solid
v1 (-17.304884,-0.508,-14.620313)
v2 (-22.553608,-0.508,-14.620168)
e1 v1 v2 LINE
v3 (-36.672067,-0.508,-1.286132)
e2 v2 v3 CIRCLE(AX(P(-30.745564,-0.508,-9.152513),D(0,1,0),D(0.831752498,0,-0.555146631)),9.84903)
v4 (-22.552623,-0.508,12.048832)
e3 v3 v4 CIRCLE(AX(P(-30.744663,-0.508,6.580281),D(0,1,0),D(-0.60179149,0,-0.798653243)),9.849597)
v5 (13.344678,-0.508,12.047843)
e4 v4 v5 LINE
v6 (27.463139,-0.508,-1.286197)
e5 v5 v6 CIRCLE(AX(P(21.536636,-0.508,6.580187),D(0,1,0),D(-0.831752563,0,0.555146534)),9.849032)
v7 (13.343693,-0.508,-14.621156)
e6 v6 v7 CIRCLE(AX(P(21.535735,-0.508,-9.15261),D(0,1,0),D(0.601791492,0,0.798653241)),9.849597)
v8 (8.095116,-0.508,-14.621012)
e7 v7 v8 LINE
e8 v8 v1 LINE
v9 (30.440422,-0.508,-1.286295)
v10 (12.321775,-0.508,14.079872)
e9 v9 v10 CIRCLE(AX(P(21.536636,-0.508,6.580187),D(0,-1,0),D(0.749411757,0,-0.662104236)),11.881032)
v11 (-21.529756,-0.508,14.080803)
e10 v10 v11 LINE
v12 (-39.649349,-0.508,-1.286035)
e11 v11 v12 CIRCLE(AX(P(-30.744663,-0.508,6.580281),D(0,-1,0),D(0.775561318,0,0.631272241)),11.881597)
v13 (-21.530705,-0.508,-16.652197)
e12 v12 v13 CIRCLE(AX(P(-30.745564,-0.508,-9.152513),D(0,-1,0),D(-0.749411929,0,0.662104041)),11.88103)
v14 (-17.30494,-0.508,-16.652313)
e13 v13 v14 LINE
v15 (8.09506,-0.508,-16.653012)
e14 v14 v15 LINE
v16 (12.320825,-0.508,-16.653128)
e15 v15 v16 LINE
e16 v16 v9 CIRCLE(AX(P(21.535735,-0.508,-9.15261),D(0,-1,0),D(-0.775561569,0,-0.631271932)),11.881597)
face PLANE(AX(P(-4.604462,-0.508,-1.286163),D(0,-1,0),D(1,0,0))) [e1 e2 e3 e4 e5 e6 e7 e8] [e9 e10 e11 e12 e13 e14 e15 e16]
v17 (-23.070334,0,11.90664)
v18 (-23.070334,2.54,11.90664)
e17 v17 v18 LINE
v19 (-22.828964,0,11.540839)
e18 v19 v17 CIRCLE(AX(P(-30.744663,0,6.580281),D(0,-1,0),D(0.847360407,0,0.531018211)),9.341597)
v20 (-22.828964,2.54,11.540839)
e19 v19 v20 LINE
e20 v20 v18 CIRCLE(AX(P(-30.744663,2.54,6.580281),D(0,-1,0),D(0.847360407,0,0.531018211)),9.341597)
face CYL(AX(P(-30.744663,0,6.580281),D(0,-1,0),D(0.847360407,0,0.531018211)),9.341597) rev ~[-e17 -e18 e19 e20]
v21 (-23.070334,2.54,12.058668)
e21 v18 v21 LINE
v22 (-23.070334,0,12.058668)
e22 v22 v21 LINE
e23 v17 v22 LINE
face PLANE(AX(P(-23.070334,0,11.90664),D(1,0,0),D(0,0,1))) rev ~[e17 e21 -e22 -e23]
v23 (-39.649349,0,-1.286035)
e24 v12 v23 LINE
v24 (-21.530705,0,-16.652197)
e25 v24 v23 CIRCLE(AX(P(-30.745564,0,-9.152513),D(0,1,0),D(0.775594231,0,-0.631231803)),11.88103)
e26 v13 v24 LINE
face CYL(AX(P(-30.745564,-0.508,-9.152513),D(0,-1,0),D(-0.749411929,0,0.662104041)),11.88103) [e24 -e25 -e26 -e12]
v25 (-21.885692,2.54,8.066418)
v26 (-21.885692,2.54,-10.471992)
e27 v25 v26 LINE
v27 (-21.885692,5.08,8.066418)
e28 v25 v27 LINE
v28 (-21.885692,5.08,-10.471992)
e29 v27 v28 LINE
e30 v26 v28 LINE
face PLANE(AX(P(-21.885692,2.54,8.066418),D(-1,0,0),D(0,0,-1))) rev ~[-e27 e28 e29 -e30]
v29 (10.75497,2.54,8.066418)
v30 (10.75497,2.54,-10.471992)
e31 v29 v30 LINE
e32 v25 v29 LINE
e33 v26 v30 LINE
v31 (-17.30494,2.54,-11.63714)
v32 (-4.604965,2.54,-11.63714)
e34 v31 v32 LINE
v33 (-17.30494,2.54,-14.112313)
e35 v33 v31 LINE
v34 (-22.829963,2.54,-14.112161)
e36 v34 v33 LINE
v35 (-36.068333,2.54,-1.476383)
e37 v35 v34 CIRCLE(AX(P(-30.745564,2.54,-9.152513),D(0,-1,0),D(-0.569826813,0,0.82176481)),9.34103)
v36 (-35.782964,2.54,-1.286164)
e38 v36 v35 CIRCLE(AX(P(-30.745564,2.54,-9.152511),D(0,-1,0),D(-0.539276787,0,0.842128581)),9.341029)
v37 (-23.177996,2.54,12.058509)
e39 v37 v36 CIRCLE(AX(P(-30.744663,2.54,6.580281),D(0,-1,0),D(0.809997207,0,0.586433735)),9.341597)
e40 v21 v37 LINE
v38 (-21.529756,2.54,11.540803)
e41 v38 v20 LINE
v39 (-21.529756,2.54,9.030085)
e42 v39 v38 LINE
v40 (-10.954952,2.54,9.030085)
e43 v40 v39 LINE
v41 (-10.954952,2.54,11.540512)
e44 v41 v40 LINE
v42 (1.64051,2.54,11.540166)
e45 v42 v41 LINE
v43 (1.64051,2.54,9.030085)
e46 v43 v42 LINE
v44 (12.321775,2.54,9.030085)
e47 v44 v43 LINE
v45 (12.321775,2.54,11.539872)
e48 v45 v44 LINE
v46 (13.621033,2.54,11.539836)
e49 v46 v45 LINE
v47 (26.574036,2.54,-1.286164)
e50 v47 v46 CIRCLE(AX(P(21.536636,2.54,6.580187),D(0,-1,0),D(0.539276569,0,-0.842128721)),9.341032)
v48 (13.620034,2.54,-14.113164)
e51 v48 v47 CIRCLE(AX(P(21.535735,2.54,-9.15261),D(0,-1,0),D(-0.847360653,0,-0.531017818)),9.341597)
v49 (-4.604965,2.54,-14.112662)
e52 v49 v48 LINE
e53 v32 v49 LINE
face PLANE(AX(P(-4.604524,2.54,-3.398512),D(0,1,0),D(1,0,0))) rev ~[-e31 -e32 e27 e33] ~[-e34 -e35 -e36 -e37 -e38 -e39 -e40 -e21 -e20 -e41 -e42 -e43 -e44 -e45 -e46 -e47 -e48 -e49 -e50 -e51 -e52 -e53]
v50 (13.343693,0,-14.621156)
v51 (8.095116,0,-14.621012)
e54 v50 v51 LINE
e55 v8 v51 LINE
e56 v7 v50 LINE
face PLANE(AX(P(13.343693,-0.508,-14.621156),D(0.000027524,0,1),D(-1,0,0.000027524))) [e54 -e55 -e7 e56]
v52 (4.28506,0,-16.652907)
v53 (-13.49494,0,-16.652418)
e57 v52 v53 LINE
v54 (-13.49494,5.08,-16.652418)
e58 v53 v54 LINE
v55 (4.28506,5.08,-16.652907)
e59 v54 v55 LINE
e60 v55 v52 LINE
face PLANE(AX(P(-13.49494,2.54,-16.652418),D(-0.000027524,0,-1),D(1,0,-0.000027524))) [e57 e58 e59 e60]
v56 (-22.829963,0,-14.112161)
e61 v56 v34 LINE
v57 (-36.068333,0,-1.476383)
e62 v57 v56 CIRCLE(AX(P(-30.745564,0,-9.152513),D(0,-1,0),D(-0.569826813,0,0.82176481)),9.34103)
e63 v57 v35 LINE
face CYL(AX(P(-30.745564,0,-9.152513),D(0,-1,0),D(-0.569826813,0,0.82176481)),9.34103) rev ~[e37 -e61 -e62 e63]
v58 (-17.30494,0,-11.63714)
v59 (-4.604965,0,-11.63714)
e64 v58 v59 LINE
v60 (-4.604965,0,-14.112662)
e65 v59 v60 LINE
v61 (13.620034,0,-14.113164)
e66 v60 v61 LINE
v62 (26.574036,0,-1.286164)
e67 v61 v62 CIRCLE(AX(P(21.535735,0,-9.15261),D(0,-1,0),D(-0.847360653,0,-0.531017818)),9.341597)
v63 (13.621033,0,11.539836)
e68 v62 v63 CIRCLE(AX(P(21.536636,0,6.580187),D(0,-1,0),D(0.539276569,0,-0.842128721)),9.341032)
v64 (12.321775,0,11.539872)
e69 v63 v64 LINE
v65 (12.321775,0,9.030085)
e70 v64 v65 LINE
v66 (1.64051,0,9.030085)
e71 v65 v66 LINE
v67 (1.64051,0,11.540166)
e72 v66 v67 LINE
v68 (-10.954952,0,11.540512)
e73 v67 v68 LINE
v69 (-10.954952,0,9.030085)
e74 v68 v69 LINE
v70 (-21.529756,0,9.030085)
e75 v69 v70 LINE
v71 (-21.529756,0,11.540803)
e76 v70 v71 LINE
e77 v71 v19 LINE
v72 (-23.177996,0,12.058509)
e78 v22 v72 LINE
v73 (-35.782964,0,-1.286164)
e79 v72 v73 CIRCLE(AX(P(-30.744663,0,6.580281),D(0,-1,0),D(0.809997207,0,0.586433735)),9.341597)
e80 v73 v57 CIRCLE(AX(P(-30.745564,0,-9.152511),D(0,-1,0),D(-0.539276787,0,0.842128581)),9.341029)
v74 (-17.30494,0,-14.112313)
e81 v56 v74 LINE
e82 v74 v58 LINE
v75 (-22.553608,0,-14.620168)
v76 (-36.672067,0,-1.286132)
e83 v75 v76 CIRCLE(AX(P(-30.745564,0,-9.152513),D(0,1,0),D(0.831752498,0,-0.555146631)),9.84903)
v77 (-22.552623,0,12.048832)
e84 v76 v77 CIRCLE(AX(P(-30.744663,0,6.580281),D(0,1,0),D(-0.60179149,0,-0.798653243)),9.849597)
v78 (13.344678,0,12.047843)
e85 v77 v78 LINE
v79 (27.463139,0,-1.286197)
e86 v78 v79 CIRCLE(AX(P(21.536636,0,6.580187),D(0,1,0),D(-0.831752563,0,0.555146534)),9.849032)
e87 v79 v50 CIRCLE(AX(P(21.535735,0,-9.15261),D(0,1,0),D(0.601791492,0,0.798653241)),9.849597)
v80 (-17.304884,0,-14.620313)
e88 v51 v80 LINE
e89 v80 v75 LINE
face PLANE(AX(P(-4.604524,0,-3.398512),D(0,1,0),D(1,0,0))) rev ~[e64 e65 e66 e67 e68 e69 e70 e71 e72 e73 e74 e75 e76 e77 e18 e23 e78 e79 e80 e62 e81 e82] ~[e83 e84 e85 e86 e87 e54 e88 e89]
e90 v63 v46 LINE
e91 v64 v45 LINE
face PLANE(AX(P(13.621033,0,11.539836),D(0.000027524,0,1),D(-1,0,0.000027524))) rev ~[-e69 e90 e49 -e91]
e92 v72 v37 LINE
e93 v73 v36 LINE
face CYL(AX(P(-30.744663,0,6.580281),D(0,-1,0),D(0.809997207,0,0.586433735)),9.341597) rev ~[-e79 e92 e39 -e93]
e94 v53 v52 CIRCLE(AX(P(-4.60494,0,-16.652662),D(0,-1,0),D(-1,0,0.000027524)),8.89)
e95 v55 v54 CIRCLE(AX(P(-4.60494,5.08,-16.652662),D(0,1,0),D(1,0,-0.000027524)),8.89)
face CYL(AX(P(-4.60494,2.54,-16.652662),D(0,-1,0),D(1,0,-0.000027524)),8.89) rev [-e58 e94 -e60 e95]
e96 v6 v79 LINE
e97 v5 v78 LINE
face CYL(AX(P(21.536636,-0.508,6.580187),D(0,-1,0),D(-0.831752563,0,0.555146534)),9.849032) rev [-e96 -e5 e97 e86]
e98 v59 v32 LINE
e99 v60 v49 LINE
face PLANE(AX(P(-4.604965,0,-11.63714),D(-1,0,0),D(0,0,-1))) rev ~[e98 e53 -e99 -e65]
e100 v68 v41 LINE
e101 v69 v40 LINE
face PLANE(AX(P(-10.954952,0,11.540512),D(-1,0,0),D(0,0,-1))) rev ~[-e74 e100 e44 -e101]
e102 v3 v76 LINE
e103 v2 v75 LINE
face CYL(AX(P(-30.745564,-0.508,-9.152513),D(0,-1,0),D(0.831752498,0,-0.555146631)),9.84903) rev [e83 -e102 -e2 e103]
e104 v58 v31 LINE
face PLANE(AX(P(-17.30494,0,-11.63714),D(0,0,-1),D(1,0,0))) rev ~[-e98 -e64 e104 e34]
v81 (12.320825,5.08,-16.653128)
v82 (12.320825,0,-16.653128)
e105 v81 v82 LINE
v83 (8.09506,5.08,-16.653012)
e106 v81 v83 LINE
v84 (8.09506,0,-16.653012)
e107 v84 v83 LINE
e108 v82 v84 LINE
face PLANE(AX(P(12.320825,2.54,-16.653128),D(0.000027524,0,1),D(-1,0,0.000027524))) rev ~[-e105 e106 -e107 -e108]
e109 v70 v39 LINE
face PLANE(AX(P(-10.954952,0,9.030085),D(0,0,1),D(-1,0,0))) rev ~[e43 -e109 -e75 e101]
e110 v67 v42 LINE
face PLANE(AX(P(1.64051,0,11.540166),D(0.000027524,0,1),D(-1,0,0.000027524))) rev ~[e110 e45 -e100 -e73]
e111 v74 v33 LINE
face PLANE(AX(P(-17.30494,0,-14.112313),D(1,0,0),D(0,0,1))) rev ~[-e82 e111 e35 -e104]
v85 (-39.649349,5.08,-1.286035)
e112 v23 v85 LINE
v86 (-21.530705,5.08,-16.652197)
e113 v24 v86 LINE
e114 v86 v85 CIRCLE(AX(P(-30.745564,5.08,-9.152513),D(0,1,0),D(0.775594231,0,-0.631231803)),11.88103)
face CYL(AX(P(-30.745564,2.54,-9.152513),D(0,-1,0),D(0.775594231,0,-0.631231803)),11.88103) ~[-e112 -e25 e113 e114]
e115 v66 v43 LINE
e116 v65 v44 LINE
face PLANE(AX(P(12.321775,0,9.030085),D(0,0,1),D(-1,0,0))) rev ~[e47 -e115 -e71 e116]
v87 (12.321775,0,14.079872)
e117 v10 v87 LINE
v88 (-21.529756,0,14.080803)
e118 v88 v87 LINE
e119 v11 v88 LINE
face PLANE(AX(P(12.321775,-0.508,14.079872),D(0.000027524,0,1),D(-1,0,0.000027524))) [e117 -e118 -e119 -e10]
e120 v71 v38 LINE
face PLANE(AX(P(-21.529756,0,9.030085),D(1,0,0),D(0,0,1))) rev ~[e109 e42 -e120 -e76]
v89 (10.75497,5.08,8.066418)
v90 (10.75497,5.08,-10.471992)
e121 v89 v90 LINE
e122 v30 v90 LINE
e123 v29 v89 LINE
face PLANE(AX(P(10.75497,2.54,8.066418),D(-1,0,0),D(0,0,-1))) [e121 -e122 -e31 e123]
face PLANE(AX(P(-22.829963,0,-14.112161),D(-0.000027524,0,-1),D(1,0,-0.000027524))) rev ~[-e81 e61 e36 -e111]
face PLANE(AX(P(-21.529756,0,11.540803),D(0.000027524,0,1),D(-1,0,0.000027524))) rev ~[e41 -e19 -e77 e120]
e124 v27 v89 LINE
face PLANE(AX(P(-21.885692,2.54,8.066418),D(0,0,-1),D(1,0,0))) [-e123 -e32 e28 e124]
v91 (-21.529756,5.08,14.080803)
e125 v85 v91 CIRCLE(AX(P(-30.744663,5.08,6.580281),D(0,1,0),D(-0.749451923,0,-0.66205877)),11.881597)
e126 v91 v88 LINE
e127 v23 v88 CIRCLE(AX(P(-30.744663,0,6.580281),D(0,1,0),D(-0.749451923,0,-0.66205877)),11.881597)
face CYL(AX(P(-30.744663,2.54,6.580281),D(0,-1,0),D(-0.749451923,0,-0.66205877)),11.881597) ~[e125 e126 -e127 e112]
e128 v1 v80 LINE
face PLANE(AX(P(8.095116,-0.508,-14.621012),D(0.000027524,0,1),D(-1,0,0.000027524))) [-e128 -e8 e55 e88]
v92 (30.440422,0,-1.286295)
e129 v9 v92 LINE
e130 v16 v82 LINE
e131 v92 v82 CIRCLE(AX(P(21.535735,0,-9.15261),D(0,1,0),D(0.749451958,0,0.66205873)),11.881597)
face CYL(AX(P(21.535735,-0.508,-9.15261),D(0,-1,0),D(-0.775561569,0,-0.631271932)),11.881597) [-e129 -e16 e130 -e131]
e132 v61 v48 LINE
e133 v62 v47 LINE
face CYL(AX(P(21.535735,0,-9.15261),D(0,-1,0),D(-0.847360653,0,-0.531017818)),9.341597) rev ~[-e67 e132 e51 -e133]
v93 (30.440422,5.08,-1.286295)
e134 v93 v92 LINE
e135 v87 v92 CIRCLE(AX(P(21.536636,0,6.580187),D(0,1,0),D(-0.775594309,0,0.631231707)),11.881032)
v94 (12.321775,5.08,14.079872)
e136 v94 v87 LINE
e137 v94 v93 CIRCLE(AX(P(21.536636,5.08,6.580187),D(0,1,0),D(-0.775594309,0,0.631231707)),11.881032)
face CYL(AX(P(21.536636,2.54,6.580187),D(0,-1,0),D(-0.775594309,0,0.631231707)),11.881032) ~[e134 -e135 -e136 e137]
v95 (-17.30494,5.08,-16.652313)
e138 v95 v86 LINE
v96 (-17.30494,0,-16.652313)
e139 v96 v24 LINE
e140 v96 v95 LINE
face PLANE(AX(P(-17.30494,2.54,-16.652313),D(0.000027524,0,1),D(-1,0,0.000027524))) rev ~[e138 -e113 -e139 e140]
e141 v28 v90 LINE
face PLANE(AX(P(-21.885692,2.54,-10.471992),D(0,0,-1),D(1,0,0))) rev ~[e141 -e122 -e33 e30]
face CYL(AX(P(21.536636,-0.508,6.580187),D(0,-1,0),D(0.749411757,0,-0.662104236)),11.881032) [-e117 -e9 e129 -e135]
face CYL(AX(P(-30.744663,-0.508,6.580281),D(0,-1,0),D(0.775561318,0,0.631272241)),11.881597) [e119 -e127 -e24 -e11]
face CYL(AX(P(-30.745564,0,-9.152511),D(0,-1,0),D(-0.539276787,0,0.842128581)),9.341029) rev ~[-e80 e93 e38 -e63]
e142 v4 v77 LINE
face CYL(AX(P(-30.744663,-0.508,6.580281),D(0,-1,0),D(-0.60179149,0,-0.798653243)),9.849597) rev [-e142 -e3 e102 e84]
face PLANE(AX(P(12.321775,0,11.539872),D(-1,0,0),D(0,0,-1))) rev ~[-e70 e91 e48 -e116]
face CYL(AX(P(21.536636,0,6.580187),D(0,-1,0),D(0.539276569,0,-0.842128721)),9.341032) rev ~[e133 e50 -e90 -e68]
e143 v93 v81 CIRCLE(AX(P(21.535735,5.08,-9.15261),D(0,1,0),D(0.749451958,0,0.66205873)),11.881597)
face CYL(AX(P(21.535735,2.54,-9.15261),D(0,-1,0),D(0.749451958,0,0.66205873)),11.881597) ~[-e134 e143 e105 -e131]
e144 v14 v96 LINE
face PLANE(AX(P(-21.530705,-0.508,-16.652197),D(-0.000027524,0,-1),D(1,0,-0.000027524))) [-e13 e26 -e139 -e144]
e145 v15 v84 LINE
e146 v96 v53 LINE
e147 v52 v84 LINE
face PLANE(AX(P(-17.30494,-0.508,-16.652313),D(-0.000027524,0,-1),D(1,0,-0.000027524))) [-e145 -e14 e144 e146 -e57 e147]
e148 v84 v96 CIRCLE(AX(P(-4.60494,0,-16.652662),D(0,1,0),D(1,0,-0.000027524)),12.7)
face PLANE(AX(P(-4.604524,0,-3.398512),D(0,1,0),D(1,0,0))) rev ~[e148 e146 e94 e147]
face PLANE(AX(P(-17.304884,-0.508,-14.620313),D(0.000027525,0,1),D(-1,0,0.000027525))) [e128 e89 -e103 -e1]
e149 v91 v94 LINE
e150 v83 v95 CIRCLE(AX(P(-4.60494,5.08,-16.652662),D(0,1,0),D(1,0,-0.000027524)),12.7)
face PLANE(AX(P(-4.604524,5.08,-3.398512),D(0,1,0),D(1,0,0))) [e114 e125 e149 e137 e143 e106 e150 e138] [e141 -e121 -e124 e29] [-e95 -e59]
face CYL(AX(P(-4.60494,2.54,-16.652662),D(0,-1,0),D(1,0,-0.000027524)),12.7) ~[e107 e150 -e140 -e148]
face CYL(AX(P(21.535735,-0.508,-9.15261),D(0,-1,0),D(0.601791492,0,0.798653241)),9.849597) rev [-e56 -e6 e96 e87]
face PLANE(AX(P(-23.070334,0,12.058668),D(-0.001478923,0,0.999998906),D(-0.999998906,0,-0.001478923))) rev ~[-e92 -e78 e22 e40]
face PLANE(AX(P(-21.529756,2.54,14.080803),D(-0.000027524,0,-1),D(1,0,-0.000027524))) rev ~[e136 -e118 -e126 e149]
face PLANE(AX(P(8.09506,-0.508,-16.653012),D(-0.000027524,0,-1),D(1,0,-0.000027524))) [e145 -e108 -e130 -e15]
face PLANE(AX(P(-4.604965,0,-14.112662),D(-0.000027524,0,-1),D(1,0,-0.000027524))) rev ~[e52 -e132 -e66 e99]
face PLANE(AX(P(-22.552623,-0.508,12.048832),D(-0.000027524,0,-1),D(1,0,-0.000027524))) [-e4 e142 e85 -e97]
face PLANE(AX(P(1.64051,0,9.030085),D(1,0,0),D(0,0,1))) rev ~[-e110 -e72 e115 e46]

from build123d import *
from build123d.topology import SkipClean

# Parameters (mm, degrees)
BOSS_EXTRUDE1_DEPTH = 2.54
SKETCH3_W           = 32.640662211
SKETCH3_H           = 18.538410016
BOSS_EXTRUDE3_DEPTH = 2.54
BOSS_EXTRUDE5_START = 0.508
BOSS_EXTRUDE5_DEPTH = 0.508


with BuildPart() as part:
    # Sketch1 → Boss-Extrude1 (new body)
    with BuildSketch(Plane(origin=(0, 0, 0), x_dir=(1, 0, 0), z_dir=(0, 1, 0))):
        with BuildLine():
            ThreePointArc((-39.649349134, 1.286034678), (-38.429647834, -15.641923347), (-21.52975616, -14.08080337))
            Line((-21.52975616, -14.08080337), (12.321775162, -14.079871626))
            ThreePointArc((12.321775162, -14.079871626), (29.221293553, -15.641366687), (30.440421584, 1.286294566))
            ThreePointArc((30.440421584, 1.286294566), (29.220717841, 18.214253603), (12.320825474, 16.653128255))
            Line((12.320825474, 16.653128255), (8.095060057, 16.653011943))
            ThreePointArc((8.095060057, 16.653011943), (-4.605289499, 29.352662378), (-17.304939934, 16.652312823))
            Line((-17.304939934, 16.652312823), (-21.530705351, 16.652196511))
            ThreePointArc((-21.530705351, 16.652196511), (-38.430218697, 18.213690635), (-39.649349134, 1.286034678))
        make_face()
        with BuildLine():
            Line((4.285060058, 16.652907075), (-13.494939935, 16.652417691))
            ThreePointArc((-13.494939935, 16.652417691), (-4.605184631, 25.54266238), (4.285060058, 16.652907075))
        make_face(mode=Mode.SUBTRACT)
        with BuildLine():
            Line((-4.604964725, 11.637139843), (-4.604964725, 14.112662381))
            Line((-4.604964725, 14.112662381), (13.620033749, 14.113164014))
            ThreePointArc((13.620033749, 14.113164014), (28.108622145, 15.790575731), (26.57403613, 1.28616435))
            ThreePointArc((26.57403613, 1.28616435), (28.109123124, -13.217754754), (13.6210332, -11.539835864))
            Line((13.6210332, -11.539835864), (12.321775162, -11.539871625))
            Line((12.321775162, -11.539871625), (12.321775162, -9.03008529))
            Line((12.321775162, -9.03008529), (1.640510114, -9.03008529))
            Line((1.640510114, -9.03008529), (1.640510114, -11.540165621))
            Line((1.640510114, -11.540165621), (-10.954952329, -11.540512304))
            Line((-10.954952329, -11.540512304), (-10.954952329, -9.03008529))
            Line((-10.954952329, -9.03008529), (-21.52975616, -9.03008529))
            Line((-21.52975616, -9.03008529), (-21.52975616, -11.540803369))
            Line((-21.52975616, -11.540803369), (-22.828963748, -11.540839129))
            ThreePointArc((-22.828963748, -11.540839129), (-22.947503255, -11.725155299), (-23.070333709, -11.906640133))
            Line((-23.070333709, -11.906640133), (-23.070333709, -12.058667845))
            Line((-23.070333709, -12.058667845), (-23.177995711, -12.058508621))
            ThreePointArc((-23.177995711, -12.058508621), (-37.535703997, -12.994889522), (-35.782964221, 1.28616435))
            ThreePointArc((-35.782964221, 1.28616435), (-35.926521617, 1.379963865), (-36.0683329, 1.476382925))
            ThreePointArc((-36.0683329, 1.476382925), (-37.19509177, 15.909614485), (-22.829963199, 14.112160749))
            Line((-22.829963199, 14.112160749), (-17.304939934, 14.112312822))
            Line((-17.304939934, 14.112312822), (-17.304939934, 11.637139843))
            Line((-17.304939934, 11.637139843), (-4.604964725, 11.637139843))
        make_face(mode=Mode.SUBTRACT)
    extrude(amount=BOSS_EXTRUDE1_DEPTH)

    # Sketch3 → Boss-Extrude3 (add)
    with BuildSketch(Plane(origin=(0, 2.54, 0), x_dir=(1, 0, 0), z_dir=(0, 1, 0))):
        with BuildLine():
            Line((12.320825474, 16.653128255), (8.095060057, 16.653011943))
            ThreePointArc((8.095060057, 16.653011943), (-4.605289499, 29.352662378), (-17.304939934, 16.652312823))
            Line((-17.304939934, 16.652312823), (-21.530705351, 16.652196511))
            ThreePointArc((-21.530705351, 16.652196511), (-38.430218697, 18.213690635), (-39.649349134, 1.286034678))
            ThreePointArc((-39.649349134, 1.286034678), (-38.429647834, -15.641923347), (-21.52975616, -14.08080337))
            Line((-21.52975616, -14.08080337), (12.321775162, -14.079871626))
            ThreePointArc((12.321775162, -14.079871626), (29.221293553, -15.641366687), (30.440421584, 1.286294566))
            ThreePointArc((30.440421584, 1.286294566), (29.220717841, 18.214253603), (12.320825474, 16.653128255))
        make_face()
        with BuildLine():
            Line((-13.494939935, 16.652417691), (4.285060058, 16.652907075))
            ThreePointArc((4.285060058, 16.652907075), (-4.605184631, 25.54266238), (-13.494939935, 16.652417691))
        make_face(mode=Mode.SUBTRACT)
        with Locations((-5.565360914, 1.202786927)):
            Rectangle(SKETCH3_W, SKETCH3_H, mode=Mode.SUBTRACT)
    extrude(amount=BOSS_EXTRUDE3_DEPTH)

    # Sketch4 → Boss-Extrude5 (add)
    with SkipClean():  # the faces are left unmerged after this step: merging them gives an invalid solid
        with BuildSketch(Plane.XZ.offset(BOSS_EXTRUDE5_START)):
            with BuildLine():
                Line((4.285060058, -16.652907075), (8.095060057, -16.653011943))
                Line((8.095060057, -16.653011943), (12.320825474, -16.653128255))
                ThreePointArc((12.320825474, -16.653128255), (29.220717841, -18.214253603), (30.440421584, -1.286294566))
                ThreePointArc((30.440421584, -1.286294566), (29.221293553, 15.641366687), (12.321775162, 14.079871626))
                Line((12.321775162, 14.079871626), (-21.52975616, 14.08080337))
                ThreePointArc((-21.52975616, 14.08080337), (-38.429647834, 15.641923347), (-39.649349134, -1.286034678))
                ThreePointArc((-39.649349134, -1.286034678), (-38.430218697, -18.213690635), (-21.530705351, -16.652196511))
                Line((-21.530705351, -16.652196511), (-17.304939934, -16.652312823))
                Line((-17.304939934, -16.652312823), (-13.494939935, -16.652417691))
                Line((-13.494939935, -16.652417691), (4.285060058, -16.652907075))
            make_face()
            with BuildLine():
                Line((-22.552623375, 12.048831523), (13.344678341, 12.04784347))
                ThreePointArc((13.344678341, 12.04784347), (28.299197198, 13.740578889), (27.463139128, -1.286197025))
                ThreePointArc((27.463139128, -1.286197025), (28.298681008, -16.313414565), (13.343693226, -14.621156408))
                Line((13.343693226, -14.621156408), (8.095115986, -14.621011944))
                Line((8.095115986, -14.621011944), (-17.304884004, -14.620312824))
                Line((-17.304884004, -14.620312824), (-22.553608377, -14.620168355))
                ThreePointArc((-22.553608377, -14.620168355), (-37.508122345, -16.31290289), (-36.672067047, -1.286131788))
                ThreePointArc((-36.672067047, -1.286131788), (-37.507610583, 13.741084507), (-22.552623375, 12.048831523))
            make_face(mode=Mode.SUBTRACT)
        extrude(amount=-BOSS_EXTRUDE5_DEPTH)


solid = part.part
